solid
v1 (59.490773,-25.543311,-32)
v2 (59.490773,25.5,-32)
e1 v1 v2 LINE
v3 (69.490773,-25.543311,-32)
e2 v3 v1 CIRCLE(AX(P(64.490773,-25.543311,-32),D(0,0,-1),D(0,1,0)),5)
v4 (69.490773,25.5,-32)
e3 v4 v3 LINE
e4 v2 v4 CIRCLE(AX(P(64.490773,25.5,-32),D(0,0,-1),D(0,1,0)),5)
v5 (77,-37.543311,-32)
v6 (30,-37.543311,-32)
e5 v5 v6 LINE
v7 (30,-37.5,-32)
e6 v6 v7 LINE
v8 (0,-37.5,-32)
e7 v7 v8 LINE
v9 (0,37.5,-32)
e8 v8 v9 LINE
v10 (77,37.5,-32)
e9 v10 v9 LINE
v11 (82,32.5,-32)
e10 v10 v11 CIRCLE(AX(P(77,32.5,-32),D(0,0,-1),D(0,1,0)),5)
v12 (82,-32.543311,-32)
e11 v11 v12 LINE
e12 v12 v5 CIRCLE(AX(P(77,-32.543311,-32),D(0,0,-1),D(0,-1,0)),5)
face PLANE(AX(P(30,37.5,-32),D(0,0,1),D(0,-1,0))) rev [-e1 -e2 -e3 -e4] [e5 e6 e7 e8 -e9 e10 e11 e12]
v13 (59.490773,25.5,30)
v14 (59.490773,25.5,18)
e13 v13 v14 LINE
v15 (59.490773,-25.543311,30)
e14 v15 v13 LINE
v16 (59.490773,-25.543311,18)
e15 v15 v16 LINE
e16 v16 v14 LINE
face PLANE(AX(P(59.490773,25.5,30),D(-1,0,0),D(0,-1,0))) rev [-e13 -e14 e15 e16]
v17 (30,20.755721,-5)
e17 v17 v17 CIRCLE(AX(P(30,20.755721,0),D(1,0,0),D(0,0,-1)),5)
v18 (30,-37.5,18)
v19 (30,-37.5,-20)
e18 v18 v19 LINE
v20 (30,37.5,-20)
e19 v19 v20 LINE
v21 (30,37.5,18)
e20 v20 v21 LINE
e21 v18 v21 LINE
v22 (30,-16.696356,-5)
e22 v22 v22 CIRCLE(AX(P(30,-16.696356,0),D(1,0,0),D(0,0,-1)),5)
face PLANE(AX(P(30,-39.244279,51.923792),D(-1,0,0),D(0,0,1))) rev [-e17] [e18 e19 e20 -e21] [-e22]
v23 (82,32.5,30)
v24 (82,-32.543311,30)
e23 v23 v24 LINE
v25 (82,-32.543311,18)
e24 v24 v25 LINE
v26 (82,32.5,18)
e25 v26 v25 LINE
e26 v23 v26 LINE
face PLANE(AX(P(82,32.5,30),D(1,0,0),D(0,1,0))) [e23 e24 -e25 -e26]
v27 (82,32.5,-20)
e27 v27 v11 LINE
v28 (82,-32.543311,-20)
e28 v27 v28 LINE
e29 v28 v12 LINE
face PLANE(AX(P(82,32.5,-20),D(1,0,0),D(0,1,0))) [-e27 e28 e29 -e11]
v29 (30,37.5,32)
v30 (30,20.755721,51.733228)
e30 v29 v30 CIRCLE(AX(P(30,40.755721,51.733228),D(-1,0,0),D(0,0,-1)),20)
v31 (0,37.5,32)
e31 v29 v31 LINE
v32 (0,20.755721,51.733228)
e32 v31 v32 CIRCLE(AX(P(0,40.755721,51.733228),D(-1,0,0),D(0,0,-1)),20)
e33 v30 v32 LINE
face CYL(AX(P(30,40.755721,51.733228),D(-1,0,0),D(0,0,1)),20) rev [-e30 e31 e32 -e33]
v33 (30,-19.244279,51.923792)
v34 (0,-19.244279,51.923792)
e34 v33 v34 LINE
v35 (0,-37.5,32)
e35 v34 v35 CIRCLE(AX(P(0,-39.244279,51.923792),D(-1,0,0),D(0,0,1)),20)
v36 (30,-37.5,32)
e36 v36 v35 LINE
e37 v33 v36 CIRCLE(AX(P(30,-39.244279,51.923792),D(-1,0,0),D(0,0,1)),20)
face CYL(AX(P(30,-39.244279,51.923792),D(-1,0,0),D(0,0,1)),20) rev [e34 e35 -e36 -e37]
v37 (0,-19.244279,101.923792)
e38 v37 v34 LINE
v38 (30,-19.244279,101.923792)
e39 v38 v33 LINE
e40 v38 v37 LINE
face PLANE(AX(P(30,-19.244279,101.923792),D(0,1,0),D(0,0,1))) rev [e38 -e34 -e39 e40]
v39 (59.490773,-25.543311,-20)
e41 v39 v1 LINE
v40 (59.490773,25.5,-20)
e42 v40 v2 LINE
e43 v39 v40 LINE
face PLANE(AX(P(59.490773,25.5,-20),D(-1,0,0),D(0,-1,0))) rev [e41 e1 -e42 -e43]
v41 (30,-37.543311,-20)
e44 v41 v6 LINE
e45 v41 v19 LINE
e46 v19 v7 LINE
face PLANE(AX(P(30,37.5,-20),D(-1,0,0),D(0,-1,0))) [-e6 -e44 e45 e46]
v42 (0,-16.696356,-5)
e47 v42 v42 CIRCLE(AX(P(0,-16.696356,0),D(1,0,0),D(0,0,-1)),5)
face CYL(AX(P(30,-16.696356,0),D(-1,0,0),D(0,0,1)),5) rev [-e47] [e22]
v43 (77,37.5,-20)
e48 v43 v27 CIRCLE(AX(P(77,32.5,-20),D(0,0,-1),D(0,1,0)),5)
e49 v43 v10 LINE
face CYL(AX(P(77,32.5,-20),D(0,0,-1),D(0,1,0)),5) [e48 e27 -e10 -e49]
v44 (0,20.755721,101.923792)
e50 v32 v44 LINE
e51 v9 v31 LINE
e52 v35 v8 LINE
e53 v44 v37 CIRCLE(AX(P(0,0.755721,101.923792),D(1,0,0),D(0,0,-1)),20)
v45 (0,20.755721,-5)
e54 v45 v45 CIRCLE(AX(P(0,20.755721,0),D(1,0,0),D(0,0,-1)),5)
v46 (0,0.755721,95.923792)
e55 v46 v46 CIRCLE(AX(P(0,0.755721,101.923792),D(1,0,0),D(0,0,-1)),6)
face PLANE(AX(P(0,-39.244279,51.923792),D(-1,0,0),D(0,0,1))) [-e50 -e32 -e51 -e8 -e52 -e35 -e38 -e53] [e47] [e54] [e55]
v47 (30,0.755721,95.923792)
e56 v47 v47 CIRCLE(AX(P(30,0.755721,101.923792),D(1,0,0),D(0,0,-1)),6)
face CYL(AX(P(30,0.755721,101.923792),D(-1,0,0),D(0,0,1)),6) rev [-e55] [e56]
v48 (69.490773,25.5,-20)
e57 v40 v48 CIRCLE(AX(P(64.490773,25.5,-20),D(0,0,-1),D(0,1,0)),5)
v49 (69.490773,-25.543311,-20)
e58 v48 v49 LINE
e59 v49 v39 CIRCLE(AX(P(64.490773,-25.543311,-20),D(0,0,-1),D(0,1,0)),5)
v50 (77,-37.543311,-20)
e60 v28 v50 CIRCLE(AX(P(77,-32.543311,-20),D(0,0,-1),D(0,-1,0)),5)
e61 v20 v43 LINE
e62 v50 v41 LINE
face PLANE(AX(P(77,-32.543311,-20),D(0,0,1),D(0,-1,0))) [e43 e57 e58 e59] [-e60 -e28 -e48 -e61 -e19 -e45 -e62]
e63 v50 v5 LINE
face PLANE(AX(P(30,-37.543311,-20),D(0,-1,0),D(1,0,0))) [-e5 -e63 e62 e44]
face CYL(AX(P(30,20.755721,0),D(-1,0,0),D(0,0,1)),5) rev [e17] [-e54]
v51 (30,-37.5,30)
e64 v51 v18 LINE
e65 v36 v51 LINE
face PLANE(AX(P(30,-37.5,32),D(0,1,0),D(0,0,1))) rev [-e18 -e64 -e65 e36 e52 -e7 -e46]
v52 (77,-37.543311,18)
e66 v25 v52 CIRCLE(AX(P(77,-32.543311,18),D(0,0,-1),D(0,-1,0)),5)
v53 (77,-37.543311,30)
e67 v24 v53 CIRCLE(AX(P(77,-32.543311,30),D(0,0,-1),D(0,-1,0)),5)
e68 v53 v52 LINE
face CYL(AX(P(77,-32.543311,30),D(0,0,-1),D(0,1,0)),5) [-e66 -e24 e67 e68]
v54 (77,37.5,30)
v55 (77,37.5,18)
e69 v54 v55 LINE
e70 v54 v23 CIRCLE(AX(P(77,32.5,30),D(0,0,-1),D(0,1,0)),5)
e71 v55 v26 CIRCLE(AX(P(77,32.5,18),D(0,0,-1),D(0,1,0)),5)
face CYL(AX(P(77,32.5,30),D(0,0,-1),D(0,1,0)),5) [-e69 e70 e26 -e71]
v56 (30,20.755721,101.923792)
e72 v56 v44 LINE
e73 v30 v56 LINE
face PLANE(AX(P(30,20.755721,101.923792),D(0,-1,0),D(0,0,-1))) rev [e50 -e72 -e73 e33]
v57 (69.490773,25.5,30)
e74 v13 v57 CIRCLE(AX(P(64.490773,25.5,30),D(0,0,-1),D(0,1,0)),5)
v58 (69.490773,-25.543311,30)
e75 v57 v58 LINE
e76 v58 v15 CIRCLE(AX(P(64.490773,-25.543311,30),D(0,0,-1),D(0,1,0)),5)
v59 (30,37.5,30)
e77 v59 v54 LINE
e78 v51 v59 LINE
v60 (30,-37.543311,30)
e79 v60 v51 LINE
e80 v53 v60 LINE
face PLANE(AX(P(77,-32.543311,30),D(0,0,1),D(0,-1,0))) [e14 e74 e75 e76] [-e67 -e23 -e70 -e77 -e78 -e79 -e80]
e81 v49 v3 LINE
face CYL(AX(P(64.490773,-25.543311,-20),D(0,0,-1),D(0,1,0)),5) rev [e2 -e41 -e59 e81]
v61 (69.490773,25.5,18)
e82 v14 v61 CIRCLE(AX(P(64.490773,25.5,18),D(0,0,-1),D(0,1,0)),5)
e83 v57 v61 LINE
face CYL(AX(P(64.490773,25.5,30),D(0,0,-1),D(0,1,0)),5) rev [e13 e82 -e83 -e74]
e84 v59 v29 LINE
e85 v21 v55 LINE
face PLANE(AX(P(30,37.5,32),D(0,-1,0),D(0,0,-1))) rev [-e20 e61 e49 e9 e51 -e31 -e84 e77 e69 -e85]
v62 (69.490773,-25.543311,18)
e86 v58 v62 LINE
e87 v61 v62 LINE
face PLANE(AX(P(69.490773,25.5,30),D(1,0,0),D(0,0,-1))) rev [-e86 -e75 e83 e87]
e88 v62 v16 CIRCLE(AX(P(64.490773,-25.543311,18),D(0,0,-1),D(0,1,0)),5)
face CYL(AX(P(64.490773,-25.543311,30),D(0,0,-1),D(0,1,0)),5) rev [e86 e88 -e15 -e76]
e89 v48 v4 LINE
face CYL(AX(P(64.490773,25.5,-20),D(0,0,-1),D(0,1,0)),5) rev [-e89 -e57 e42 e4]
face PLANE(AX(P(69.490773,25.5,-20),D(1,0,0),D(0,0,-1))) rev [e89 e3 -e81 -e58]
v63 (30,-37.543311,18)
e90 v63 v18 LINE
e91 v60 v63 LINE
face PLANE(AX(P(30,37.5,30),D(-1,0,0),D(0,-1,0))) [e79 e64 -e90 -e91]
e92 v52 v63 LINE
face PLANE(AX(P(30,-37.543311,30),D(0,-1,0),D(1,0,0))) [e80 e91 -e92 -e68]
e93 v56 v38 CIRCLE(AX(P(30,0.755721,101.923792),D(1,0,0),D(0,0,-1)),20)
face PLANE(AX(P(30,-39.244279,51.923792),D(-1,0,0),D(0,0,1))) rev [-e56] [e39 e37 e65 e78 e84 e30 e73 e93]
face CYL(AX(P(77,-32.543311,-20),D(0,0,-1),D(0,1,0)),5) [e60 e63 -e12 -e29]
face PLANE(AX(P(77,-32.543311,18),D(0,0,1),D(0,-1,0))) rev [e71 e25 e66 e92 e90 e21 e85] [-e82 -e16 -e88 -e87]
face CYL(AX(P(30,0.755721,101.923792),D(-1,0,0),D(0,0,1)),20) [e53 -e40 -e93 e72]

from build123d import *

# Parameters (mm, degrees)
SKETCH2_R           = 6
SKETCH2_R_2         = 5
BOSS_EXTRUDE3_DEPTH = 30
BOSS_EXTRUDE6_DEPTH = 12
LPATTERN1_COUNT     = 2
LPATTERN1_PITCH     = 50


with BuildPart() as part:
    # Sketch2 → Boss-Extrude3 (new body)
    with BuildSketch(Plane(origin=(0, 0, 0), x_dir=(0, 0, -1), z_dir=(1, 0, 0))):
        with BuildLine():
            Line((-101.923792087, 20.755721108), (-51.733227817, 20.755721108))
            ThreePointArc((-51.733227817, 20.755721108), (-38.793259157, 25.505894516), (-32, 37.5))
            Line((-32, 37.5), (32, 37.5))
            Line((32, 37.5), (32, -37.5))
            Line((32, -37.5), (-32, -37.5))
            ThreePointArc((-32, -37.5), (-38.41241869, -24.498337453), (-51.923792087, -19.244278892))
            Line((-51.923792087, -19.244278892), (-101.923792087, -19.244278892))
            ThreePointArc((-101.923792087, -19.244278892), (-121.923792087, 0.755721108), (-101.923792087, 20.755721108))
        make_face()
        with Locations((-101.923792087, 0.755721108)):
            Circle(SKETCH2_R, mode=Mode.SUBTRACT)
        with Locations((0, 20.755721108)):
            Circle(SKETCH2_R_2, mode=Mode.SUBTRACT)
        with Locations((0, -16.696355723)):
            Circle(SKETCH2_R_2, mode=Mode.SUBTRACT)
    extrude(amount=BOSS_EXTRUDE3_DEPTH)

    # Sketch4 → Boss-Extrude6 (add)
    with BuildSketch(Plane(origin=(0, 0, -32), x_dir=(-1, 0, 0), z_dir=(0, 0, -1))):
        with BuildLine():
            Line((-30, 37.5), (-77, 37.5))
            ThreePointArc((-77, 37.5), (-80.535533906, 36.035533906), (-82, 32.5))
            Line((-82, 32.5), (-82, -32.543310804))
            ThreePointArc((-82, -32.543310804), (-80.535533906, -36.07884471), (-77, -37.543310804))
            Line((-77, -37.543310804), (-30, -37.543310804))
            Line((-30, -37.543310804), (-30, 37.5))
        make_face()
        with BuildLine():
            Line((-59.490773049, 25.5), (-59.490773049, -25.543310804))
            ThreePointArc((-59.490773049, -25.543310804), (-64.490773049, -30.543310804), (-69.490773049, -25.543310804))
            Line((-69.490773049, -25.543310804), (-69.490773049, 25.5))
            ThreePointArc((-69.490773049, 25.5), (-64.490773049, 30.5), (-59.490773049, 25.5))
        make_face(mode=Mode.SUBTRACT)
    boss_extrude6 = extrude(amount=-BOSS_EXTRUDE6_DEPTH)

    # LPattern1: Boss-Extrude6 ×2
    with Locations(*[(0, 0, i * LPATTERN1_PITCH) for i in range(1, LPATTERN1_COUNT)]):
        add(boss_extrude6)


solid = part.part
